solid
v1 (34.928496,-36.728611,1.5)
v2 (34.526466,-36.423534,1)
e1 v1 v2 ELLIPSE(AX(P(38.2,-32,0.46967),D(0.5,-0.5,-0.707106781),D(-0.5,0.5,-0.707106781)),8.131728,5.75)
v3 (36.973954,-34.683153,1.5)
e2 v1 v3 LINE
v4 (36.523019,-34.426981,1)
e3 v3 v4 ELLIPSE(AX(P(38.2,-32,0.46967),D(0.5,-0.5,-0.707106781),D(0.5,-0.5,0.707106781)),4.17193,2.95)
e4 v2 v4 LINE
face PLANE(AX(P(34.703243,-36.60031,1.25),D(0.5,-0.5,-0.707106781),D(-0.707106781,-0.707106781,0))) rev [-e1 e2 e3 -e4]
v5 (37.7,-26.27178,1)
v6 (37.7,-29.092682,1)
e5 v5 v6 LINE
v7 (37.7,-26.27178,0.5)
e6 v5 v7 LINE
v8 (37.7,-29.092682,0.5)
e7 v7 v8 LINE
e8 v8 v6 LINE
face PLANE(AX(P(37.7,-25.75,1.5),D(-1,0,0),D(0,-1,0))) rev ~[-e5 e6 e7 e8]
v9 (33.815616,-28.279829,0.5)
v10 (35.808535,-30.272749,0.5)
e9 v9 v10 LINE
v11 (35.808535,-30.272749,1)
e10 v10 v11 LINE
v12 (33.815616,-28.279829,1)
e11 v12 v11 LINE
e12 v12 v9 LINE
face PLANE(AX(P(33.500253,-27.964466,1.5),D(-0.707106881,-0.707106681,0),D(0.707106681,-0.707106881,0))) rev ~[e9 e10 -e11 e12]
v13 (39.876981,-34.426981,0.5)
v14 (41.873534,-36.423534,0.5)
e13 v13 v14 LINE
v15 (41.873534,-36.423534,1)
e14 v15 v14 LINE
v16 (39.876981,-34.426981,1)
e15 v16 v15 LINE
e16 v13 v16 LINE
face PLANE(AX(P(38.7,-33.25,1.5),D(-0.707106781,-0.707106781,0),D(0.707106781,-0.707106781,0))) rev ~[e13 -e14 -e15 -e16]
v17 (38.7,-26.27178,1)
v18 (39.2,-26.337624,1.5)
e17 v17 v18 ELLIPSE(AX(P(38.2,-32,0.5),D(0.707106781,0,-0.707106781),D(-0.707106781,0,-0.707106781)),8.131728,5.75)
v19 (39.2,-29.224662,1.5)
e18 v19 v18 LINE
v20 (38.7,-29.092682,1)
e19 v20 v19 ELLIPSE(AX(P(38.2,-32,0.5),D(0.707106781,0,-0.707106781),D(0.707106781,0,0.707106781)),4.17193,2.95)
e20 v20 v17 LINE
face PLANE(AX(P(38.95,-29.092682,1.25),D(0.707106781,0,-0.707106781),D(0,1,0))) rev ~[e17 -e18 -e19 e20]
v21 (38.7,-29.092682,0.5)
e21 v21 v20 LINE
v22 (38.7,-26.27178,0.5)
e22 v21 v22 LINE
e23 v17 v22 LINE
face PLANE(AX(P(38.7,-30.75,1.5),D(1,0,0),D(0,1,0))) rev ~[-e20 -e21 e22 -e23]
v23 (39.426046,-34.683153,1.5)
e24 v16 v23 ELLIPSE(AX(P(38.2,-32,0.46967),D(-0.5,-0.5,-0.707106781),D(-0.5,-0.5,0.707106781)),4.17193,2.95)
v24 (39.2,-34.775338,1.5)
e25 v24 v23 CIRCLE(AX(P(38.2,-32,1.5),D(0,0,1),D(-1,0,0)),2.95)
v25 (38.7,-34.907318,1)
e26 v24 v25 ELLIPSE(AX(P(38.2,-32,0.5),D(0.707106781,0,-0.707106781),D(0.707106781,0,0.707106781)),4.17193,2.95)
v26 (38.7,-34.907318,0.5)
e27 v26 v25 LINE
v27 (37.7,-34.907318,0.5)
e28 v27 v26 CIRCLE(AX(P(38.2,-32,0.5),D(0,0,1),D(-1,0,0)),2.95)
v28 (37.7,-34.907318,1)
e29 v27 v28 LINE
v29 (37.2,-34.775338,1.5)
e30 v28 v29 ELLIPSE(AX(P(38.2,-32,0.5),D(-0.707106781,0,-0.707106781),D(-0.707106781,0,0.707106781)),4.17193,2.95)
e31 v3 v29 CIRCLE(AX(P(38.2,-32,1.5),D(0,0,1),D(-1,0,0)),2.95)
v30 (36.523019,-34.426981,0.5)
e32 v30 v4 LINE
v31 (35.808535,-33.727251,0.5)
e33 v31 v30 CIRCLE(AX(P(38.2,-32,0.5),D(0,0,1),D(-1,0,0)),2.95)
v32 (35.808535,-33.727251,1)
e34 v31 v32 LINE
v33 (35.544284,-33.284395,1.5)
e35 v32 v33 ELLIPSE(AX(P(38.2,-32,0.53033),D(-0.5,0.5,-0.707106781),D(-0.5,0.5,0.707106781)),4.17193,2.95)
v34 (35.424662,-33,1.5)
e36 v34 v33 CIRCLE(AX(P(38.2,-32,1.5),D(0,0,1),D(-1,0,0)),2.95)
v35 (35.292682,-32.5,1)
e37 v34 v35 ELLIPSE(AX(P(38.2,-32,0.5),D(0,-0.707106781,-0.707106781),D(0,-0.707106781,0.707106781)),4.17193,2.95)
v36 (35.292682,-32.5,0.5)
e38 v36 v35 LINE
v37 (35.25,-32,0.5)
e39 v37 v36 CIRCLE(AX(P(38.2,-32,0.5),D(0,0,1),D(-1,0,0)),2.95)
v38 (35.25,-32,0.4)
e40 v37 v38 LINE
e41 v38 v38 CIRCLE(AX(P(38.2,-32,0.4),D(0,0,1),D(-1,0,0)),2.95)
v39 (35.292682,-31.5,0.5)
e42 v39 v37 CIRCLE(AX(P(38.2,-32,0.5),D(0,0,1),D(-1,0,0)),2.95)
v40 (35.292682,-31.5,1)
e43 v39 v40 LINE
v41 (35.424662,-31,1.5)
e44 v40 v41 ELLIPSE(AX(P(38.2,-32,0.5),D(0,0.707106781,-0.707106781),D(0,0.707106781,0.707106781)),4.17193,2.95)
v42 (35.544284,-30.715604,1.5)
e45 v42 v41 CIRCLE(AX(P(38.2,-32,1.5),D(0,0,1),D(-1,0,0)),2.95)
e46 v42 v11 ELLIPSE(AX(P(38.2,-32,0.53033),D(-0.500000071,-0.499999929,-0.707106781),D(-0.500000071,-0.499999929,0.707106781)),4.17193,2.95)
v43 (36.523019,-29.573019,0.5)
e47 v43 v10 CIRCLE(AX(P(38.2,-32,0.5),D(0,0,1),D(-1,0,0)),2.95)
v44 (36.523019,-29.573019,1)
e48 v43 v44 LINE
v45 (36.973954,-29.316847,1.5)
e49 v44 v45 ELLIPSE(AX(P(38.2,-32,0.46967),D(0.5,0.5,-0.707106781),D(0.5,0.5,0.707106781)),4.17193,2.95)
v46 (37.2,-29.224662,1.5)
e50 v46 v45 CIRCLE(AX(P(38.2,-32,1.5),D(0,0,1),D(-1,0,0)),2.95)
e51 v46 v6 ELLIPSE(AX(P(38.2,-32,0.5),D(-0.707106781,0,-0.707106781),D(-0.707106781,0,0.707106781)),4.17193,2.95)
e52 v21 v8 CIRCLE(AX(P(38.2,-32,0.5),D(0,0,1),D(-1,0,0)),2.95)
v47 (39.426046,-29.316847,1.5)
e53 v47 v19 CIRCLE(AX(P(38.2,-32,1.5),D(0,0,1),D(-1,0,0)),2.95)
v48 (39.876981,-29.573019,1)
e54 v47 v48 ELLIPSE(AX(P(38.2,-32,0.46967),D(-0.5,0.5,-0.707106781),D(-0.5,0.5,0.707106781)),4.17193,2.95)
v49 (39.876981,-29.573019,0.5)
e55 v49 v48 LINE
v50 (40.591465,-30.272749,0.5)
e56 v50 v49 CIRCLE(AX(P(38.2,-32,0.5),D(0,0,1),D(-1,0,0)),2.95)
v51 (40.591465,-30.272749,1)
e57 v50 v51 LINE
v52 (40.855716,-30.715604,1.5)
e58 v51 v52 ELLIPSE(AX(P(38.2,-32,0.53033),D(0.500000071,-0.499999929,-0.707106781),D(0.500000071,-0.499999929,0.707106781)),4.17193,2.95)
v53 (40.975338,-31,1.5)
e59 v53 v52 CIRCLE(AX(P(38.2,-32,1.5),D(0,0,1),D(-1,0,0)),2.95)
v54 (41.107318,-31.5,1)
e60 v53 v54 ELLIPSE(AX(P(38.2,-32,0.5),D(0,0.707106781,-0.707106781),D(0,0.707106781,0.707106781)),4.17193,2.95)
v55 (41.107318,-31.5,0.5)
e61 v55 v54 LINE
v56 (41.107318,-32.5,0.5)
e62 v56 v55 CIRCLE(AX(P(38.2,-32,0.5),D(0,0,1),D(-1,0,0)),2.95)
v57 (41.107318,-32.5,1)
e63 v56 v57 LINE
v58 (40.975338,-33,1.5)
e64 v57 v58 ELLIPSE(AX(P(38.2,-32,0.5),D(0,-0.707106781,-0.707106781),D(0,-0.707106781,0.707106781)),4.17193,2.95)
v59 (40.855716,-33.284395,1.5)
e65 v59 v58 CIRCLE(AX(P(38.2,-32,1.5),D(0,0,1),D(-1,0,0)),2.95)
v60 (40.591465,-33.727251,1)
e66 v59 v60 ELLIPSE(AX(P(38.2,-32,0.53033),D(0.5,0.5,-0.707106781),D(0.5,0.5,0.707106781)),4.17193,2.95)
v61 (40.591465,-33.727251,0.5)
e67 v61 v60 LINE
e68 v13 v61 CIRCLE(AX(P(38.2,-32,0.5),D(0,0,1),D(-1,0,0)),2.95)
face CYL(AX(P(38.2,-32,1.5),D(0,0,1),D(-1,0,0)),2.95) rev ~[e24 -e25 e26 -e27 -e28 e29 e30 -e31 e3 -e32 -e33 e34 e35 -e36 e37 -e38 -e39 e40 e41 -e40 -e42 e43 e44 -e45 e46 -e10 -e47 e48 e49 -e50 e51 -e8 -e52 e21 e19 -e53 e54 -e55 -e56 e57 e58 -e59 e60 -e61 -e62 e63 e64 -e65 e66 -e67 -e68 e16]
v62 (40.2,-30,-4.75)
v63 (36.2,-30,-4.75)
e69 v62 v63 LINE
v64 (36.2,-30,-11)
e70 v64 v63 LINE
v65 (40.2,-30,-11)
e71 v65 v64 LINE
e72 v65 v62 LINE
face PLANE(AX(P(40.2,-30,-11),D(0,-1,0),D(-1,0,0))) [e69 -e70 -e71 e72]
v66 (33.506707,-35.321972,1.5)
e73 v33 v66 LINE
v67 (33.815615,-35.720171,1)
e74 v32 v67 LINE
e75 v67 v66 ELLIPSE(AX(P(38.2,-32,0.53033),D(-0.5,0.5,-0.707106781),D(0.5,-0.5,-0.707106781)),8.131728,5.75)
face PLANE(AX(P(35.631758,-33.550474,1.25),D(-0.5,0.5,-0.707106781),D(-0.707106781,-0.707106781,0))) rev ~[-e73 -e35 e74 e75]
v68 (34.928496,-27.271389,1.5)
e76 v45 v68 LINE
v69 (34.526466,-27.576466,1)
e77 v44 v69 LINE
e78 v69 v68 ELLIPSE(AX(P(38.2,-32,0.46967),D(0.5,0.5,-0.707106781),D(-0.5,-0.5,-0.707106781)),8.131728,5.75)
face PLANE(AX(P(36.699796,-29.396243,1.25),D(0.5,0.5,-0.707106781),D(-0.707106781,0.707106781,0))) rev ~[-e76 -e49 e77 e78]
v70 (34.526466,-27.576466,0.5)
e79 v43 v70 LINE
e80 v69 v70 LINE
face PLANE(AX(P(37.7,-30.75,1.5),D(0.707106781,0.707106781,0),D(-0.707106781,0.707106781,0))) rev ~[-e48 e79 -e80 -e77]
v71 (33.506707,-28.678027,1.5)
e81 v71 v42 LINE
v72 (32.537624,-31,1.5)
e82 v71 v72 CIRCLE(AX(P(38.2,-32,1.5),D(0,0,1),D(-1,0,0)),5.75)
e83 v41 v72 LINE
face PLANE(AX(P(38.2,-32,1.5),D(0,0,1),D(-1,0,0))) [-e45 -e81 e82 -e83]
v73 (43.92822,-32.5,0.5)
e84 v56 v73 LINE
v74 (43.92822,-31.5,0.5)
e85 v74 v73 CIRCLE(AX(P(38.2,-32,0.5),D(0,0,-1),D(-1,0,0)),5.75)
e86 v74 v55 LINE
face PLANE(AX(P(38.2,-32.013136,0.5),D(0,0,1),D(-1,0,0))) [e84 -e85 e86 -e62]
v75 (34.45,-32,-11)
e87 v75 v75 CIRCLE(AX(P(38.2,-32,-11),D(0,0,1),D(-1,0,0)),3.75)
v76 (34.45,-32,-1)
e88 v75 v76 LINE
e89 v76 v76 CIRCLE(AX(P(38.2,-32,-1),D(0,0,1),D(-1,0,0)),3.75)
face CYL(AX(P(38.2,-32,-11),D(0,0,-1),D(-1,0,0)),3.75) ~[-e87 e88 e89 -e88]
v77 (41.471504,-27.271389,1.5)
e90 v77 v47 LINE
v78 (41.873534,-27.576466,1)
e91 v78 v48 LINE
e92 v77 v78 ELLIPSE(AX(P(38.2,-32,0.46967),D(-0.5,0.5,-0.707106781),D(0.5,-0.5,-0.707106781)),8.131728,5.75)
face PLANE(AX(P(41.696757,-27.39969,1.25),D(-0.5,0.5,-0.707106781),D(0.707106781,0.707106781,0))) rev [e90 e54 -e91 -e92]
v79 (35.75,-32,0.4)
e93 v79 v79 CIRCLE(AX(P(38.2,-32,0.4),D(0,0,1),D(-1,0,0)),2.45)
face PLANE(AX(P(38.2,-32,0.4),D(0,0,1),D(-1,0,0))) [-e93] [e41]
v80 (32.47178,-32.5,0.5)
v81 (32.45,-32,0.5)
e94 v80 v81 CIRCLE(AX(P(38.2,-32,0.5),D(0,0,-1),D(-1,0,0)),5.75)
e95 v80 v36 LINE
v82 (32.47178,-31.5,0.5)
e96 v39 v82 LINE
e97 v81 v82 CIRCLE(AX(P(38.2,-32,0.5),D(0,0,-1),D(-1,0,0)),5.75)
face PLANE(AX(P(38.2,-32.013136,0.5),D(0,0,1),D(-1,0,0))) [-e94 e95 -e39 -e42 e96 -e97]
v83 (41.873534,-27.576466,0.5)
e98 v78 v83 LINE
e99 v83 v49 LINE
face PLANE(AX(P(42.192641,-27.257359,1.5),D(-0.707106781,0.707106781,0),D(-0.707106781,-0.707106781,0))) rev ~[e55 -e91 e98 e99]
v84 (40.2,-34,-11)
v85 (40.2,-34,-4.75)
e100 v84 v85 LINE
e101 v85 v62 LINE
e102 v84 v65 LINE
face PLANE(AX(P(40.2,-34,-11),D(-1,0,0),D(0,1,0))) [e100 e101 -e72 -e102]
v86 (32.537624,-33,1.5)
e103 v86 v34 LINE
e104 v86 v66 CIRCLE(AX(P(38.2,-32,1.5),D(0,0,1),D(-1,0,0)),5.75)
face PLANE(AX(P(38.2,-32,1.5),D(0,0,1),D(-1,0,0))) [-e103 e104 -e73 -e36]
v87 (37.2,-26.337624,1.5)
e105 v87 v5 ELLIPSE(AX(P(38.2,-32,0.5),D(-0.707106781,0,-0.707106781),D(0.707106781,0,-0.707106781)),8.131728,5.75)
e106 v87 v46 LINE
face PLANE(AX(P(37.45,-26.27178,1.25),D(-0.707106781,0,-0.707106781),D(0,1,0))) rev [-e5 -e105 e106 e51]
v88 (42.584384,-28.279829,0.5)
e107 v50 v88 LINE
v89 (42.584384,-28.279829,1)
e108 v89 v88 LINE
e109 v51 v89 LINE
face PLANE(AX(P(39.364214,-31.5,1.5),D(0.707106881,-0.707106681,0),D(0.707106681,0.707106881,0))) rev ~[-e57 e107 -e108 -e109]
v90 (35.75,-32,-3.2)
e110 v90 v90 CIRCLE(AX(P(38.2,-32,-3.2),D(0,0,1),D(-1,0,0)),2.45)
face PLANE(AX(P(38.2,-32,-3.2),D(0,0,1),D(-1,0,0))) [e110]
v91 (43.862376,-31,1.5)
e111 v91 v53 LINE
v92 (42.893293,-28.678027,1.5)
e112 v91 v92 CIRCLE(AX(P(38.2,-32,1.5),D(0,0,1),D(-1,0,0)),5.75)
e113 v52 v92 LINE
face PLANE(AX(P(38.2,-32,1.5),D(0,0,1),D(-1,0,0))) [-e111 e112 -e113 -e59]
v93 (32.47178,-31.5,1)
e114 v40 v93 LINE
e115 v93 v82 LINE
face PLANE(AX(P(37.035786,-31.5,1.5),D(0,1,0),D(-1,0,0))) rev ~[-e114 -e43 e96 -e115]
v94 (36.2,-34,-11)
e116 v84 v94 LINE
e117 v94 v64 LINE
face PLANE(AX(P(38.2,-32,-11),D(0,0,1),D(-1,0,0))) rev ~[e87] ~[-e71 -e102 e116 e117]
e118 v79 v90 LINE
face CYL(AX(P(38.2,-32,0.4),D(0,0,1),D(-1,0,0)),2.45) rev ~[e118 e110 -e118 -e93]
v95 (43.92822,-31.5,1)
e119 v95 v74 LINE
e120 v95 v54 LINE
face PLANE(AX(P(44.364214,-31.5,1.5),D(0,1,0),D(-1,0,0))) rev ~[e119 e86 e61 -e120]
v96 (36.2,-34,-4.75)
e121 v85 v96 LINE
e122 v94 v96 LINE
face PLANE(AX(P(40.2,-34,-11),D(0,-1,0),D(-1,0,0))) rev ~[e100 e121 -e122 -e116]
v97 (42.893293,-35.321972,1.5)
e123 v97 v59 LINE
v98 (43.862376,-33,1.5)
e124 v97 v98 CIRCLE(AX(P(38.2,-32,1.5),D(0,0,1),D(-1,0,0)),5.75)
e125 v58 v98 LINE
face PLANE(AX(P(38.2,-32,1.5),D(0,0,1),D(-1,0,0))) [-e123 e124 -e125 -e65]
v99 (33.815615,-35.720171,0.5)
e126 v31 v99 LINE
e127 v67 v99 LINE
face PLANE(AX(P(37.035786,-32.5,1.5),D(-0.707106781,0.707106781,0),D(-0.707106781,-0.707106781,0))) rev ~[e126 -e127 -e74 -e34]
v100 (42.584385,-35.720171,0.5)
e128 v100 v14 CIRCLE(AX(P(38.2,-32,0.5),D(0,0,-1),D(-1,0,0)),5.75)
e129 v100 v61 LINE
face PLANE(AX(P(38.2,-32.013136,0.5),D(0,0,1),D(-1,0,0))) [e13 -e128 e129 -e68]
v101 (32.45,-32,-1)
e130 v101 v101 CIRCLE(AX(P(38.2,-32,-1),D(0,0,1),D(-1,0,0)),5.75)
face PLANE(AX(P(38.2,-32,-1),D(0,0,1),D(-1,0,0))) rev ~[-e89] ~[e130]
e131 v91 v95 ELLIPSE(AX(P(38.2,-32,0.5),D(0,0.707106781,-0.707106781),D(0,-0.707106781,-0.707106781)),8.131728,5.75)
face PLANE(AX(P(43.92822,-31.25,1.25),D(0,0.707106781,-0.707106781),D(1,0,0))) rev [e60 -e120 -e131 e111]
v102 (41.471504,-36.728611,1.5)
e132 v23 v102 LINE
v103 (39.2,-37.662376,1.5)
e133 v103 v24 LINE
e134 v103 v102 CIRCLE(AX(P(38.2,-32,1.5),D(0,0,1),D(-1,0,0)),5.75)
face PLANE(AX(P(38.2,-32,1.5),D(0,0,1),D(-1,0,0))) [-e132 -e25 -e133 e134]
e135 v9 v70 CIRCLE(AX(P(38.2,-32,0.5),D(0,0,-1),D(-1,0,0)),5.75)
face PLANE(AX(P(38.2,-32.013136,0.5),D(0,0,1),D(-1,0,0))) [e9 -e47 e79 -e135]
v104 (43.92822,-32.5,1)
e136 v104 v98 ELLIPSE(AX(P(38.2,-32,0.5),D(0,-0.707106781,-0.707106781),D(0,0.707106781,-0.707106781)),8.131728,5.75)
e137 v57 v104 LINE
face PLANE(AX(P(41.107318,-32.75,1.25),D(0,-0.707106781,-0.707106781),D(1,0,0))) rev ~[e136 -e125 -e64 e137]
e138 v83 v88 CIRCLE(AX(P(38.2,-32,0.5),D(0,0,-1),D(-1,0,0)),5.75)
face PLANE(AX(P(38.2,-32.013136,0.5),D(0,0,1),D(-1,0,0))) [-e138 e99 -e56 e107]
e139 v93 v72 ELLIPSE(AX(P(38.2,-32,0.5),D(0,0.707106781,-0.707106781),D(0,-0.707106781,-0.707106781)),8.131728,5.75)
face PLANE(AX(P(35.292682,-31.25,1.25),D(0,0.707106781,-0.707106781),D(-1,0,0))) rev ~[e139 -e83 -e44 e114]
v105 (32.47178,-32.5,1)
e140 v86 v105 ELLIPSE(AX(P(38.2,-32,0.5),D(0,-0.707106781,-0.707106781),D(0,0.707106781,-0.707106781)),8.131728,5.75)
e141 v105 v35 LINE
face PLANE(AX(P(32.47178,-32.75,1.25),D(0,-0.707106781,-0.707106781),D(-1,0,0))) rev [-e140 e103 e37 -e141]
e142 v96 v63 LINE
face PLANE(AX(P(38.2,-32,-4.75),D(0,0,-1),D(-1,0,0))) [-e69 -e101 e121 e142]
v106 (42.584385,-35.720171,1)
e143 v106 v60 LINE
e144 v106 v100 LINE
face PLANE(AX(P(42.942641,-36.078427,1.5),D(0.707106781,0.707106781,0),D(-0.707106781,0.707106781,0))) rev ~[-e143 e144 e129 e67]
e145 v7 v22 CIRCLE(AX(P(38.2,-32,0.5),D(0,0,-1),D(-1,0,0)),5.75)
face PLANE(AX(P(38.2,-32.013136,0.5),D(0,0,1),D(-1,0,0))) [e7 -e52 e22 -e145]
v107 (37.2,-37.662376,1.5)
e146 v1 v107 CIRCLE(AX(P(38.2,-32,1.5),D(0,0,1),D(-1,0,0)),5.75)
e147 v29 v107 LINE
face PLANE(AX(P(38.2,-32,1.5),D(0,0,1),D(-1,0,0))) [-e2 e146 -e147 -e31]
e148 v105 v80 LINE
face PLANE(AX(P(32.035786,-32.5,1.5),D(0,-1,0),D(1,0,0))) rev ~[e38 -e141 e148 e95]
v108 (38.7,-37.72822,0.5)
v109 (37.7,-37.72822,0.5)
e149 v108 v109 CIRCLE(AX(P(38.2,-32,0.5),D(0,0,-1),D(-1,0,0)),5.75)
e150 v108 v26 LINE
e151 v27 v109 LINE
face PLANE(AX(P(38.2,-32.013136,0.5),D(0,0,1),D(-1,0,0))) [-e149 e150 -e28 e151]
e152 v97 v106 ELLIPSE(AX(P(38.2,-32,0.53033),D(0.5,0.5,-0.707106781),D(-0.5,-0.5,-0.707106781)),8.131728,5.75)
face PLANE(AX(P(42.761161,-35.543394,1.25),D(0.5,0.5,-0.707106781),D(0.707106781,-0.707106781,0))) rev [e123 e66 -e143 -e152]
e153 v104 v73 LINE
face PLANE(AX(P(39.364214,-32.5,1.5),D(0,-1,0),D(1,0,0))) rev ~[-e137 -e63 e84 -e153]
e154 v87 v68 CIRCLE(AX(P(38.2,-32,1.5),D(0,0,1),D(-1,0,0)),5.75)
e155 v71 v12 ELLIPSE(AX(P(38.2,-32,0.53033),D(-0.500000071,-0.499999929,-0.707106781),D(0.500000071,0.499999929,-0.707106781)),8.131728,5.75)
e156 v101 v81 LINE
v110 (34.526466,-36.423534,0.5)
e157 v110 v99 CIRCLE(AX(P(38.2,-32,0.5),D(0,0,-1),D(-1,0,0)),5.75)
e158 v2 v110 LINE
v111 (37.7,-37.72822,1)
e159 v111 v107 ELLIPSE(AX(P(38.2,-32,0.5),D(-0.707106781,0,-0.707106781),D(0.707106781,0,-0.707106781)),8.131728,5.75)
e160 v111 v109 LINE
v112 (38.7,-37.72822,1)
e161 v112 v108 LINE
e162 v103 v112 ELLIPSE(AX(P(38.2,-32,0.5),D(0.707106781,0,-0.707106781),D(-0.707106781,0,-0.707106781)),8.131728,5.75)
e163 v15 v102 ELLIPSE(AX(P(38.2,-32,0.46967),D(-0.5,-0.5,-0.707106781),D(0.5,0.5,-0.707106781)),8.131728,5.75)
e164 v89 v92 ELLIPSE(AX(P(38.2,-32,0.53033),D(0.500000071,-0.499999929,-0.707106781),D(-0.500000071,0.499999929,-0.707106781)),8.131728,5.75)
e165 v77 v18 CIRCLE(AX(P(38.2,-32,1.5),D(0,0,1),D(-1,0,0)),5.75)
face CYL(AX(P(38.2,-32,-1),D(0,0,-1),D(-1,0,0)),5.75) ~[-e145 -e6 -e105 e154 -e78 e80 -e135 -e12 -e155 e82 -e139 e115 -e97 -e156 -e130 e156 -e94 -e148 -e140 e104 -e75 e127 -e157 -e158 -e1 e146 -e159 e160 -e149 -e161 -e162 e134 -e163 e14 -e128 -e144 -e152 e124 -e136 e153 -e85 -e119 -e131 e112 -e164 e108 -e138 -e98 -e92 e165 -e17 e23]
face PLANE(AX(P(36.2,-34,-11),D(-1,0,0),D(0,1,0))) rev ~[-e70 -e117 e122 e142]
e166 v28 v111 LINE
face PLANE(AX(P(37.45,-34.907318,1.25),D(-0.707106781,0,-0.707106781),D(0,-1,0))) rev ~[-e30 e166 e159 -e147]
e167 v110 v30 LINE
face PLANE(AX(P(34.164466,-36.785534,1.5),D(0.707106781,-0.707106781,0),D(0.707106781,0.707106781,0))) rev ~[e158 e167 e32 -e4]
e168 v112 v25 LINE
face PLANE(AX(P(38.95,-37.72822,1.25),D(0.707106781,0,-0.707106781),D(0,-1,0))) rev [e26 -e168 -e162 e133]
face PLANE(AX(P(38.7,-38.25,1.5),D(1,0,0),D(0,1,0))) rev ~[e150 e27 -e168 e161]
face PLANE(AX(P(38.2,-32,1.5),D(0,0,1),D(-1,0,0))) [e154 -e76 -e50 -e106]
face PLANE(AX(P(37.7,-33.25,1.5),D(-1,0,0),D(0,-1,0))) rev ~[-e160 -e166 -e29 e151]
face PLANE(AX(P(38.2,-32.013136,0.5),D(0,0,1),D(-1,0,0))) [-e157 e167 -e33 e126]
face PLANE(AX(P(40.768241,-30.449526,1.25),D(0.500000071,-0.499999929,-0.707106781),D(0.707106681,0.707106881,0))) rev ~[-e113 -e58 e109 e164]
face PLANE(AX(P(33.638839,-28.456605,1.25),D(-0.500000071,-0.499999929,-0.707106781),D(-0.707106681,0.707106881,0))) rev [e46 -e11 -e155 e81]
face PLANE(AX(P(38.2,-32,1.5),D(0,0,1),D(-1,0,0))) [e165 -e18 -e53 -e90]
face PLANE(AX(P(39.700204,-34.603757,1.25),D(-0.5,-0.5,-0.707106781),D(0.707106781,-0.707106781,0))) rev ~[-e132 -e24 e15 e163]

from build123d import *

# Parameters (mm, degrees)
SKETCH275_R             = 3.75
PAD158_DEPTH            = 10
SKETCH276_R             = 5.75
PAD159_DEPTH            = 2.5
SKETCH277_R             = 2.95
POCKET130_DEPTH         = 1.1
SKETCH278_R             = 2.45
POCKET131_DEPTH         = 3.6
POCKET132_DEPTH         = 1
CHAMFER_SIZE            = 0.5
SKETCH280_W             = 4
SKETCH280_H             = 4
POCKET133_DEPTH         = 6.25
BODY023_PLACEMENT_ANGLE = 180


with BuildPart() as part:
    # Sketch275 → Pad158 (new body)
    with BuildSketch(Plane.XY):
        Circle(SKETCH275_R)
    extrude(amount=PAD158_DEPTH)

    # Sketch276 (on Face3 of Pad158) → Pad159 (join)
    with BuildSketch(Plane.XY.offset(10)):
        Circle(SKETCH276_R)
    extrude(amount=PAD159_DEPTH)

    # Sketch277 (on Face5 of Pad159) → Pocket130 (cut)
    with BuildSketch(Plane.XY.offset(12.5)):
        Circle(SKETCH277_R)
    extrude(amount=-POCKET130_DEPTH, mode=Mode.SUBTRACT)

    # Sketch278 (on Face7 of Pocket130) → Pocket131 (cut)
    with BuildSketch(Plane.XY.offset(11.4)):
        Circle(SKETCH278_R)
    extrude(amount=-POCKET131_DEPTH, mode=Mode.SUBTRACT)

    # Sketch279 (on Face5 of Pocket131) → Pocket132 (cut)
    with BuildSketch(Plane.XY.offset(12.5)):
        Polygon((-0.5, 6.25), (-0.5, 1.25), (-4.035534, 4.785534), (-4.742641, 4.078427), (-1.164214, 0.5), (-6.164214, 0.5), (-6.164214, -0.5), (-1.164214, -0.5), (-4.699747, -4.035534), (-3.992641, -4.742641), (-0.5, -1.25), (-0.5, -6.25), (0.5, -6.25), (0.5, -1.25), (3.992641, -4.742641), (4.699747, -4.035534), (1.164214, -0.5), (6.164214, -0.5), (6.164214, 0.5), (1.164214, 0.5), (4.742641, 4.078427), (4.035534, 4.785534), (0.5, 1.25), (0.5, 6.25), align=None)
    extrude(amount=-POCKET132_DEPTH, mode=Mode.SUBTRACT)

    # Chamfer
    chamfer_edges = [part.edges().sort_by_distance(p)[0] for p in [
        (0.5, 4.317769, 12.5),
        (-0.5, 4.317769, 12.5),
        (-2.675257, 3.425257, 12.5),
        (-3.387925, 2.723711, 12.5),
        (-4.317769, 0.5, 12.5),
        (-4.317769, -0.5, 12.5),
        (-3.387925, -2.723711, 12.5),
        (-2.675257, -3.425257, 12.5),
        (-0.5, -4.317769, 12.5),
        (0.5, -4.317769, 12.5),
        (2.675257, -3.425257, 12.5),
        (3.387925, -2.723711, 12.5),
        (4.317769, -0.5, 12.5),
        (4.317769, 0.5, 12.5),
        (3.387925, 2.723711, 12.5),
        (2.675257, 3.425257, 12.5),
    ]]
    chamfer(chamfer_edges, length=CHAMFER_SIZE)

    # Sketch280 (on Face54 of Chamfer) → Pocket133 (cut)
    with BuildSketch(Plane(origin=(0, 0, 0), x_dir=(1, 0, 0), z_dir=(0, 0, -1))):
        Rectangle(SKETCH280_W, SKETCH280_H)
    extrude(amount=-POCKET133_DEPTH, mode=Mode.SUBTRACT)


with BuildPart() as part_1:
    # Body023 placement: moved
    add(part.part.moved(Location((38.2, -32, -11))).rotate(Axis((38.2, -32, -11), (0, 0, 1)), BODY023_PLACEMENT_ANGLE))


solid = part_1.part
